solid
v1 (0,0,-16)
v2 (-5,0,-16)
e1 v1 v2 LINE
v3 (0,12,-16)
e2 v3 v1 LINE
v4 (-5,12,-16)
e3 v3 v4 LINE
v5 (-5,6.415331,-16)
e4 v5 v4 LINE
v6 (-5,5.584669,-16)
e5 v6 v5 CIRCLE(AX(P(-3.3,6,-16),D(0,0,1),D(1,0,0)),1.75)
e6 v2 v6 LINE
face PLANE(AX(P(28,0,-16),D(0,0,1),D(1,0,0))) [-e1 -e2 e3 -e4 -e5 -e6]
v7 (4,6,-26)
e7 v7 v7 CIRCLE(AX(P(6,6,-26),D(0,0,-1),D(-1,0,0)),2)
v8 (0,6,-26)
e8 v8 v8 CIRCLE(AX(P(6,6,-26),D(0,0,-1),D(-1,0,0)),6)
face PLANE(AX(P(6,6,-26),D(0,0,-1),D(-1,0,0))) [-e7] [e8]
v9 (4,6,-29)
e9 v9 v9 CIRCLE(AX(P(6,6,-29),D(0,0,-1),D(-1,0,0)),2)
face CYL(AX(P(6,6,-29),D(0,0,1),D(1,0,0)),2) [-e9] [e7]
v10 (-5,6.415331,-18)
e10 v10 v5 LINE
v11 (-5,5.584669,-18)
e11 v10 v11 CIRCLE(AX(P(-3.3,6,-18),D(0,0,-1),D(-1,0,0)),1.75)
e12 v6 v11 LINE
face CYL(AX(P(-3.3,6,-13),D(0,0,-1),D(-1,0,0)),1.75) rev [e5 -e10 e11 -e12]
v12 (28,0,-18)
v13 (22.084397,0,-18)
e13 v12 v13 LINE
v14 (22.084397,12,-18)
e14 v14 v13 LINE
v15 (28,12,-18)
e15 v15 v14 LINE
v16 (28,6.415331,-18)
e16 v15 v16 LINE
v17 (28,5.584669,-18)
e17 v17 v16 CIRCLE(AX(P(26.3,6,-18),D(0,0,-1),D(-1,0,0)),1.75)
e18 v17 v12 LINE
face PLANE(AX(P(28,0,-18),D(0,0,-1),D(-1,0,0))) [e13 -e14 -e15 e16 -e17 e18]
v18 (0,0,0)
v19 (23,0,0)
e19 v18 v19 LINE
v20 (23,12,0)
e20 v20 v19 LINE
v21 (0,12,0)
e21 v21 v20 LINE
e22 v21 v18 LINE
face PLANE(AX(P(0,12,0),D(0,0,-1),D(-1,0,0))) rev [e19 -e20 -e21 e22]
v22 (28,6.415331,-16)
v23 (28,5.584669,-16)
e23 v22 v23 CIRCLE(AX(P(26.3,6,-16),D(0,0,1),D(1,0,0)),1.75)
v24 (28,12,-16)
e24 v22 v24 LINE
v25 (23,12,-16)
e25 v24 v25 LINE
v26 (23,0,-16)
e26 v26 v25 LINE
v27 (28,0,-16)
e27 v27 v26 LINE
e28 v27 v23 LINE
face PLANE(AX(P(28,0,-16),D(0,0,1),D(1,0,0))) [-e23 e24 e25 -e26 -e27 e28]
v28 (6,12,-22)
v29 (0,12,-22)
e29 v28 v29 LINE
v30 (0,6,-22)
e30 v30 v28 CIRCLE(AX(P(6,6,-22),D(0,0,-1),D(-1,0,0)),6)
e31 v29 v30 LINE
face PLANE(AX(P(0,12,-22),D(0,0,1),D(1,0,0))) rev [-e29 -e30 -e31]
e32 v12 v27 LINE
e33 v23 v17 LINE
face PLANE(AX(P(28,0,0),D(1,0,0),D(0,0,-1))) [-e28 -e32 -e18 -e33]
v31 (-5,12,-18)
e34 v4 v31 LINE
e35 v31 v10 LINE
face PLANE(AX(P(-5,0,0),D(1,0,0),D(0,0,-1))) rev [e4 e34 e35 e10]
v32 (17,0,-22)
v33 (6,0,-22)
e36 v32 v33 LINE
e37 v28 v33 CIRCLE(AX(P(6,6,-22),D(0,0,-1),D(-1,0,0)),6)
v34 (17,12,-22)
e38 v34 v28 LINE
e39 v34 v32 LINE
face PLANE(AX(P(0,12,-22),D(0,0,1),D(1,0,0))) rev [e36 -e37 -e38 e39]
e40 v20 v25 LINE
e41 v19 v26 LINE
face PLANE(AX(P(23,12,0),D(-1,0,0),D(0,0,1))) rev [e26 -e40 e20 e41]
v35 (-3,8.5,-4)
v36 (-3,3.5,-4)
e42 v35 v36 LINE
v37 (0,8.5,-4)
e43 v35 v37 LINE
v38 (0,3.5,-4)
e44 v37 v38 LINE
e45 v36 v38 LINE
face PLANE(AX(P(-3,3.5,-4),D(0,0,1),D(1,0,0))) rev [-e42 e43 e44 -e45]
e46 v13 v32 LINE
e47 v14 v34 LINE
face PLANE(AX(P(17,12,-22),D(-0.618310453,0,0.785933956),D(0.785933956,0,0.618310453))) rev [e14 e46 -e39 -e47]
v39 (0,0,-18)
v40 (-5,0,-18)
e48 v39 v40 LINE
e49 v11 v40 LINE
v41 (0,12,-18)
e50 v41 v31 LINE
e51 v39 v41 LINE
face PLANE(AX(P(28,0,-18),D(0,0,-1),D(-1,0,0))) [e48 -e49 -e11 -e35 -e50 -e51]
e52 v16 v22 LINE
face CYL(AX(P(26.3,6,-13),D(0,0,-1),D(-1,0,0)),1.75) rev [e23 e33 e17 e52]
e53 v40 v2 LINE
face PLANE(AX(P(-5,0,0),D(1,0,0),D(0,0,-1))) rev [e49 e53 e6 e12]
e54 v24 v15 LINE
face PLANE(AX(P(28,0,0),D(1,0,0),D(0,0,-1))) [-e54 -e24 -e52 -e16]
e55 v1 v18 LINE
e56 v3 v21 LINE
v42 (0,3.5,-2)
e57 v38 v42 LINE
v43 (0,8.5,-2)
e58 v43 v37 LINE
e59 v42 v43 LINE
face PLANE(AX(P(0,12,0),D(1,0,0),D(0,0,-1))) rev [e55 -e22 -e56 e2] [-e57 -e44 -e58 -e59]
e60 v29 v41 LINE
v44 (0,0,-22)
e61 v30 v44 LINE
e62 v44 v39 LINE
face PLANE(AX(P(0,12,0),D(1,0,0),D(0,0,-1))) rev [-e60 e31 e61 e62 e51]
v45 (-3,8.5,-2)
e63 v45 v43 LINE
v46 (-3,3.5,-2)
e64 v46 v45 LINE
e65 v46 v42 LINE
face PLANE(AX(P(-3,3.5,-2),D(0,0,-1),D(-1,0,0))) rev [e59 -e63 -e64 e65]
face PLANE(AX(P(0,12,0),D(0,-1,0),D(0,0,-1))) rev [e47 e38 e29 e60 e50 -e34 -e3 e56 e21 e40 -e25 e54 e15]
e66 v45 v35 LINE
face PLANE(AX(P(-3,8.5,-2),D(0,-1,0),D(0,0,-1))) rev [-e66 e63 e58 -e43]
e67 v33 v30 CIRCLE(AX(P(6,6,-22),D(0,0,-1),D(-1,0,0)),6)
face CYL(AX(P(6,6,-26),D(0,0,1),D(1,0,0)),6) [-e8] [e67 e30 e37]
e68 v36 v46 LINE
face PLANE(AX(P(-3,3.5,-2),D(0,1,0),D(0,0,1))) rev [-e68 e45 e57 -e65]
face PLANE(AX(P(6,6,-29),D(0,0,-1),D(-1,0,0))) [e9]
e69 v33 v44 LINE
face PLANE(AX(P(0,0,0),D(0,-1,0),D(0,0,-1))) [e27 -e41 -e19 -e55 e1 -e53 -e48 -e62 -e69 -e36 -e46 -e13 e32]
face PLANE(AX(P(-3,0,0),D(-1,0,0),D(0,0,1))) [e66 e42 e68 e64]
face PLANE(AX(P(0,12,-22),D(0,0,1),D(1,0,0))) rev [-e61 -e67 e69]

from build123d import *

# Parameters (mm, degrees)
BOSS_EXTRU_1_DEPTH      = 12
BOSS_EXTRU_2_DEPTH      = 5
BOSS_EXTRU_2_DEPTH_BACK = 28
ESQUISSE2_W             = 2
ESQUISSE2_H             = 12
ESQUISSE3_R             = 1.75
ENL_V_MAT_EXTRU_2_DEPTH = 5
ESQUISSE4_R             = 1.75
ENL_V_MAT_EXTRU_3_DEPTH = 5
ESQUISSE5_R             = 6
BOSS_EXTRU_3_DEPTH      = 4
ESQUISSE6_R             = 2
BOSS_EXTRU_4_DEPTH      = 3
ESQUISSE7_W             = 2
ESQUISSE7_H             = 5
BOSS_EXTRU_5_DEPTH      = 3


with BuildPart() as part:
    # Esquisse1 → Boss.-Extru.1 (new body)
    with BuildSketch(Plane(origin=(0, 0, 0), x_dir=(1, 0, 0), z_dir=(0, 1, 0))):
        Polygon((17, 22), (23, 17.279676248), (23, 0), (0, 0), (0, 22), align=None)
    extrude(amount=BOSS_EXTRU_1_DEPTH)

    # Esquisse2 → Boss.-Extru.2 (add, two sides: drawn at the far end of the back side and taken through both)
    with BuildSketch(Plane.ZY.offset(-BOSS_EXTRU_2_DEPTH_BACK)):
        with Locations((-17, 6)):
            Rectangle(ESQUISSE2_W, ESQUISSE2_H)
    extrude(amount=BOSS_EXTRU_2_DEPTH + BOSS_EXTRU_2_DEPTH_BACK)

    # Esquisse3 → Enlèv. mat.-Extru.2 (cut)
    with BuildSketch(Plane(origin=(0, 0, -18), x_dir=(-1, 0, 0), z_dir=(0, 0, -1))):
        with Locations((3.3, 6)):
            Circle(ESQUISSE3_R)
    extrude(amount=-ENL_V_MAT_EXTRU_2_DEPTH, mode=Mode.SUBTRACT)

    # Esquisse4 → Enlèv. mat.-Extru.3 (cut)
    with BuildSketch(Plane(origin=(0, 0, -18), x_dir=(-1, 0, 0), z_dir=(0, 0, -1))):
        with Locations((-26.3, 6)):
            Circle(ESQUISSE4_R)
    extrude(amount=-ENL_V_MAT_EXTRU_3_DEPTH, mode=Mode.SUBTRACT)

    # Esquisse5 → Boss.-Extru.3 (add)
    with BuildSketch(Plane(origin=(0, 0, -22), x_dir=(-1, 0, 0), z_dir=(0, 0, -1))):
        with Locations((-6, 6)):
            Circle(ESQUISSE5_R)
    extrude(amount=BOSS_EXTRU_3_DEPTH)

    # Esquisse6 → Boss.-Extru.4 (add)
    with BuildSketch(Plane(origin=(0, 0, -26), x_dir=(-1, 0, 0), z_dir=(0, 0, -1))):
        with Locations((-6, 6)):
            Circle(ESQUISSE6_R)
    extrude(amount=BOSS_EXTRU_4_DEPTH)

    # Esquisse7 → Boss.-Extru.5 (add)
    with BuildSketch(Plane.ZY):
        with Locations((-3, 6)):
            Rectangle(ESQUISSE7_W, ESQUISSE7_H)
    extrude(amount=BOSS_EXTRU_5_DEPTH)


solid = part.part
